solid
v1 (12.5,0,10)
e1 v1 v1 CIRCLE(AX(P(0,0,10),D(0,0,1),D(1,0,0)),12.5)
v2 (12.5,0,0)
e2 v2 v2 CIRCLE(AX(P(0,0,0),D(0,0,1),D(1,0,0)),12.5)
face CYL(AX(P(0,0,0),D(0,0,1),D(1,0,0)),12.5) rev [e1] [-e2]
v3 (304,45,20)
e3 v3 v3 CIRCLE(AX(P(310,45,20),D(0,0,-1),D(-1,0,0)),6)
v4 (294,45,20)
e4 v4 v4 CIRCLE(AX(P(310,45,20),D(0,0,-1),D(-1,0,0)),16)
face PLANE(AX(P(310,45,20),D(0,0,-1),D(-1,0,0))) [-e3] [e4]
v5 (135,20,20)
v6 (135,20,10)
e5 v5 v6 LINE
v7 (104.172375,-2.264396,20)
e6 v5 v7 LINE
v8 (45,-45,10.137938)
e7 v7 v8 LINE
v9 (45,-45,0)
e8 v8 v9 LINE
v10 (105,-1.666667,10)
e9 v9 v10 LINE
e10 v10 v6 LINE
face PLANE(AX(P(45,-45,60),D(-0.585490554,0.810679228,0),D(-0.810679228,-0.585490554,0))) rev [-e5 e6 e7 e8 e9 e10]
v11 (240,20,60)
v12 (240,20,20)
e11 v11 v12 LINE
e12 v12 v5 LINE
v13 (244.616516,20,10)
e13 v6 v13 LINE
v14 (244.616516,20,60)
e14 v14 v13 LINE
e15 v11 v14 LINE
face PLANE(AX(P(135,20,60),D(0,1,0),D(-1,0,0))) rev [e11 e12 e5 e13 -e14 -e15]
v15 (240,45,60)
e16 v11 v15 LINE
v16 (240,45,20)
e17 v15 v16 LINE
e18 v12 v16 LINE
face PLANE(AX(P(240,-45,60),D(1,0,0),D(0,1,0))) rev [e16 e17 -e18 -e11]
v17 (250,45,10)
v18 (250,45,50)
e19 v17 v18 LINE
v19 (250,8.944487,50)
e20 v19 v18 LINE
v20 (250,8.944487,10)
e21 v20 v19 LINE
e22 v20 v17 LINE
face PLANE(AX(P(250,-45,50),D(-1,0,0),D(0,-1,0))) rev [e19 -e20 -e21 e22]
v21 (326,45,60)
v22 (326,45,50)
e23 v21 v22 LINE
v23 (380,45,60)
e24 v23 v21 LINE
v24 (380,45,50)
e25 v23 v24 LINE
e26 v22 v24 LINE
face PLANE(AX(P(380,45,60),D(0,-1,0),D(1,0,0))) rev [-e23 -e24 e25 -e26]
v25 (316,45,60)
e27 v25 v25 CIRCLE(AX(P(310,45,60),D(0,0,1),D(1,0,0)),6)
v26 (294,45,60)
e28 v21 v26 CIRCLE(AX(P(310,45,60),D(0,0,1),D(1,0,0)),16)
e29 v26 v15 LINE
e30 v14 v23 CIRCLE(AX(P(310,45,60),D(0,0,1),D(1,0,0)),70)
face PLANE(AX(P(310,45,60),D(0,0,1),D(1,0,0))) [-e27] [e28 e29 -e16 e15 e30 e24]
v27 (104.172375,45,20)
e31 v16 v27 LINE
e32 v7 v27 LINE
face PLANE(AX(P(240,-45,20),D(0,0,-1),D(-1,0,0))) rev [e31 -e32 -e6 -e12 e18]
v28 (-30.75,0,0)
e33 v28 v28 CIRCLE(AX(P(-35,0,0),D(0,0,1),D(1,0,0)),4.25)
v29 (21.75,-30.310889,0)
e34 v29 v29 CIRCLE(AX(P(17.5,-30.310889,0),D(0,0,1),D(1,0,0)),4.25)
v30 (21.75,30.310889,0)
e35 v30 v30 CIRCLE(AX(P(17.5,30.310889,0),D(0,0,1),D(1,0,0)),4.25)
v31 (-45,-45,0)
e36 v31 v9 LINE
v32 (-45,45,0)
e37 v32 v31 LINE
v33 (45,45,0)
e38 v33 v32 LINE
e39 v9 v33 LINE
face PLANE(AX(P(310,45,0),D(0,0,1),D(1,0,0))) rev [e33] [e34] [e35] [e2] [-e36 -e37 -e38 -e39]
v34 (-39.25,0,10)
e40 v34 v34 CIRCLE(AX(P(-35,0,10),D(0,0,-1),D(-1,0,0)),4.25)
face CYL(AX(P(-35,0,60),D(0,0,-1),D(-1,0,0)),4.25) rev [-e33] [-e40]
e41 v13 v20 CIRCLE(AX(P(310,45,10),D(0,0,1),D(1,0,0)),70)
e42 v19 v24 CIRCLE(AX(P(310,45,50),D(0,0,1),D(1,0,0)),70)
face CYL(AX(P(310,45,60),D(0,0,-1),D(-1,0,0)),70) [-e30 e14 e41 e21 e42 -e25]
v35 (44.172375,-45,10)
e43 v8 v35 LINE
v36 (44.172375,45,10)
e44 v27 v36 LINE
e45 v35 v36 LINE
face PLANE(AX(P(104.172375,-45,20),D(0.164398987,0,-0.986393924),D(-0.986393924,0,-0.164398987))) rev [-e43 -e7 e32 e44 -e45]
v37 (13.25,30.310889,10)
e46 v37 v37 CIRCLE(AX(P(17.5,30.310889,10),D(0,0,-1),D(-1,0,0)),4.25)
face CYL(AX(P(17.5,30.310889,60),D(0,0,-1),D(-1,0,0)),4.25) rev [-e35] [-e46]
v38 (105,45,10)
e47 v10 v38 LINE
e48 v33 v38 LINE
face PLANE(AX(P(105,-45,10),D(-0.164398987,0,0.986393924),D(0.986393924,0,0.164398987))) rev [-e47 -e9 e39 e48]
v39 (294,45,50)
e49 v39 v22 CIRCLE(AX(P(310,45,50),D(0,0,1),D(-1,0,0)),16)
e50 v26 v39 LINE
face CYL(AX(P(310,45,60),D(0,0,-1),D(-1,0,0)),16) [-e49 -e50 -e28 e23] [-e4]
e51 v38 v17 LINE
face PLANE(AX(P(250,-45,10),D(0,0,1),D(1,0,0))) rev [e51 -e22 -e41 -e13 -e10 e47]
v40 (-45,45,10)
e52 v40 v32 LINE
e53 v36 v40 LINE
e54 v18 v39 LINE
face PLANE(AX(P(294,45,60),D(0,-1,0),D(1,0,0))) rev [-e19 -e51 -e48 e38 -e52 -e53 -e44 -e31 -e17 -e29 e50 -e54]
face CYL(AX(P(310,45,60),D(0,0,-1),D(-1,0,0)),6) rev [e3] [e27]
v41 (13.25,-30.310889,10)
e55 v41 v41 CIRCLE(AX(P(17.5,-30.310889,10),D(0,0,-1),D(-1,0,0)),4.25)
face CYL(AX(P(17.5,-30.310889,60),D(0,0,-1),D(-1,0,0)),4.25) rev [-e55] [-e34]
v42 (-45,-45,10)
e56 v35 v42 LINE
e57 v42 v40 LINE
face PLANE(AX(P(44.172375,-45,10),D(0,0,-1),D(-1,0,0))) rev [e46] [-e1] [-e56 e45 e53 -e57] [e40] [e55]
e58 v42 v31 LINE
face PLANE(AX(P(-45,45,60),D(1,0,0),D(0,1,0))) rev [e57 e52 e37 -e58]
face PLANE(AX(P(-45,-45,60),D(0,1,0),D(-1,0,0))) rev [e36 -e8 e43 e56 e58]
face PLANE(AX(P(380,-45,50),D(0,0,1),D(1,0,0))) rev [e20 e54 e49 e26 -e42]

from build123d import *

# Parameters (mm, degrees)
ESQUISSE1_R             = 6
ESQUISSE1_R_2           = 4.25
BASE_EXTRUSION_DEPTH    = 60
ENL_V_MAT_EXTRU_1_DEPTH = 396.094925303
ENL_V_MAT_EXTRU_2_DEPTH = 10
ENL_V_MAT_EXTRU_3_DEPTH = 40
ESQUISSE5_R             = 12.5
ENL_V_MAT_EXTRU_4_DEPTH = 389.099214119
ESQUISSE6_R             = 16
ESQUISSE6_R_2           = 6
ENL_V_MAT_EXTRU_5_DEPTH = 10


with BuildPart() as part:
    # Esquisse1 → Base-Extrusion (new body)
    with BuildSketch(Plane.XY):
        with BuildLine():
            Line((380, 45), (326, 45))
            ThreePointArc((326, 45), (310, 61), (294, 45))
            Line((294, 45), (-45, 45))
            Line((-45, 45), (-45, -45))
            Line((-45, -45), (45, -45))
            Line((45, -45), (135, 20))
            Line((135, 20), (244.616515847, 20))
            ThreePointArc((244.616515847, 20), (322.711335675, -23.836196477), (380, 45))
        make_face()
        with Locations(Location((310, 45, 0), (0, 0, 180))):
            Circle(ESQUISSE1_R, mode=Mode.SUBTRACT)
        with Locations(Location((-35, 0, 0), (0, 0, 180))):
            Circle(ESQUISSE1_R_2, mode=Mode.SUBTRACT)
        with Locations(Location((17.5, 30.310889132, 0), (0, 0, 180))):
            Circle(ESQUISSE1_R_2, mode=Mode.SUBTRACT)
        with Locations(Location((17.5, -30.310889132, 0), (0, 0, 180))):
            Circle(ESQUISSE1_R_2, mode=Mode.SUBTRACT)
    extrude(amount=BASE_EXTRUSION_DEPTH)

    # Esquisse2 → Enlèv. mat.-Extru.1 (cut, through all)
    with BuildSketch(Plane(origin=(0, 45, 0), x_dir=(-1, 0, 0), z_dir=(0, 1, 0))):
        Polygon((-294, 50), (-294, 10), (-326, 10), (-326, 50), (-380, 50), (-380, 0), (-45, 0), (-105, 10), (-250, 10), (-250, 50), align=None)
        Polygon((-240, 60), (-240, 20), (-104.172374697, 20), (-44.172374697, 10), (45, 10), (45, 60), align=None)
    extrude(amount=-ENL_V_MAT_EXTRU_1_DEPTH, mode=Mode.SUBTRACT)

    # Esquisse3 → Enlèv. mat.-Extru.2 (cut)
    with BuildSketch(Plane(origin=(0, 0, 0), x_dir=(-1, 0, 0), z_dir=(0, 0, -1))):
        with BuildLine():
            Line((-304, 45), (-294, 45))
            ThreePointArc((-294, 45), (-310, 61), (-326, 45))
            Line((-326, 45), (-316, 45))
            ThreePointArc((-316, 45), (-310, 51), (-304, 45))
        make_face()
    extrude(amount=-ENL_V_MAT_EXTRU_2_DEPTH, mode=Mode.SUBTRACT)

    # Esquisse4 → Enlèv. mat.-Extru.3 (cut)
    with BuildSketch(Plane(origin=(0, 0, 10), x_dir=(-1, 0, 0), z_dir=(0, 0, -1))):
        with BuildLine():
            ThreePointArc((-326, -23.14690015), (-310, -25), (-294, -23.14690015))
            Line((-294, -23.14690015), (-294, 45))
            ThreePointArc((-294, 45), (-310, 29), (-326, 45))
            Line((-326, 45), (-326, -23.14690015))
        make_face()
    extrude(amount=-ENL_V_MAT_EXTRU_3_DEPTH, mode=Mode.SUBTRACT)

    # Esquisse5 → Enlèv. mat.-Extru.4 (cut, through all)
    with BuildSketch(Plane.XY.offset(10)):
        Circle(ESQUISSE5_R)
    extrude(amount=-ENL_V_MAT_EXTRU_4_DEPTH, mode=Mode.SUBTRACT)

    # Esquisse6 → Enlèv. mat.-Extru.5 (cut)
    with BuildSketch(Plane(origin=(0, 0, 10), x_dir=(-1, 0, 0), z_dir=(0, 0, -1))):
        with Locations((-310, 45)):
            Circle(ESQUISSE6_R)
        with Locations((-310, 45)):
            Circle(ESQUISSE6_R_2, mode=Mode.SUBTRACT)
    extrude(amount=-ENL_V_MAT_EXTRU_5_DEPTH, mode=Mode.SUBTRACT)


solid = part.part
